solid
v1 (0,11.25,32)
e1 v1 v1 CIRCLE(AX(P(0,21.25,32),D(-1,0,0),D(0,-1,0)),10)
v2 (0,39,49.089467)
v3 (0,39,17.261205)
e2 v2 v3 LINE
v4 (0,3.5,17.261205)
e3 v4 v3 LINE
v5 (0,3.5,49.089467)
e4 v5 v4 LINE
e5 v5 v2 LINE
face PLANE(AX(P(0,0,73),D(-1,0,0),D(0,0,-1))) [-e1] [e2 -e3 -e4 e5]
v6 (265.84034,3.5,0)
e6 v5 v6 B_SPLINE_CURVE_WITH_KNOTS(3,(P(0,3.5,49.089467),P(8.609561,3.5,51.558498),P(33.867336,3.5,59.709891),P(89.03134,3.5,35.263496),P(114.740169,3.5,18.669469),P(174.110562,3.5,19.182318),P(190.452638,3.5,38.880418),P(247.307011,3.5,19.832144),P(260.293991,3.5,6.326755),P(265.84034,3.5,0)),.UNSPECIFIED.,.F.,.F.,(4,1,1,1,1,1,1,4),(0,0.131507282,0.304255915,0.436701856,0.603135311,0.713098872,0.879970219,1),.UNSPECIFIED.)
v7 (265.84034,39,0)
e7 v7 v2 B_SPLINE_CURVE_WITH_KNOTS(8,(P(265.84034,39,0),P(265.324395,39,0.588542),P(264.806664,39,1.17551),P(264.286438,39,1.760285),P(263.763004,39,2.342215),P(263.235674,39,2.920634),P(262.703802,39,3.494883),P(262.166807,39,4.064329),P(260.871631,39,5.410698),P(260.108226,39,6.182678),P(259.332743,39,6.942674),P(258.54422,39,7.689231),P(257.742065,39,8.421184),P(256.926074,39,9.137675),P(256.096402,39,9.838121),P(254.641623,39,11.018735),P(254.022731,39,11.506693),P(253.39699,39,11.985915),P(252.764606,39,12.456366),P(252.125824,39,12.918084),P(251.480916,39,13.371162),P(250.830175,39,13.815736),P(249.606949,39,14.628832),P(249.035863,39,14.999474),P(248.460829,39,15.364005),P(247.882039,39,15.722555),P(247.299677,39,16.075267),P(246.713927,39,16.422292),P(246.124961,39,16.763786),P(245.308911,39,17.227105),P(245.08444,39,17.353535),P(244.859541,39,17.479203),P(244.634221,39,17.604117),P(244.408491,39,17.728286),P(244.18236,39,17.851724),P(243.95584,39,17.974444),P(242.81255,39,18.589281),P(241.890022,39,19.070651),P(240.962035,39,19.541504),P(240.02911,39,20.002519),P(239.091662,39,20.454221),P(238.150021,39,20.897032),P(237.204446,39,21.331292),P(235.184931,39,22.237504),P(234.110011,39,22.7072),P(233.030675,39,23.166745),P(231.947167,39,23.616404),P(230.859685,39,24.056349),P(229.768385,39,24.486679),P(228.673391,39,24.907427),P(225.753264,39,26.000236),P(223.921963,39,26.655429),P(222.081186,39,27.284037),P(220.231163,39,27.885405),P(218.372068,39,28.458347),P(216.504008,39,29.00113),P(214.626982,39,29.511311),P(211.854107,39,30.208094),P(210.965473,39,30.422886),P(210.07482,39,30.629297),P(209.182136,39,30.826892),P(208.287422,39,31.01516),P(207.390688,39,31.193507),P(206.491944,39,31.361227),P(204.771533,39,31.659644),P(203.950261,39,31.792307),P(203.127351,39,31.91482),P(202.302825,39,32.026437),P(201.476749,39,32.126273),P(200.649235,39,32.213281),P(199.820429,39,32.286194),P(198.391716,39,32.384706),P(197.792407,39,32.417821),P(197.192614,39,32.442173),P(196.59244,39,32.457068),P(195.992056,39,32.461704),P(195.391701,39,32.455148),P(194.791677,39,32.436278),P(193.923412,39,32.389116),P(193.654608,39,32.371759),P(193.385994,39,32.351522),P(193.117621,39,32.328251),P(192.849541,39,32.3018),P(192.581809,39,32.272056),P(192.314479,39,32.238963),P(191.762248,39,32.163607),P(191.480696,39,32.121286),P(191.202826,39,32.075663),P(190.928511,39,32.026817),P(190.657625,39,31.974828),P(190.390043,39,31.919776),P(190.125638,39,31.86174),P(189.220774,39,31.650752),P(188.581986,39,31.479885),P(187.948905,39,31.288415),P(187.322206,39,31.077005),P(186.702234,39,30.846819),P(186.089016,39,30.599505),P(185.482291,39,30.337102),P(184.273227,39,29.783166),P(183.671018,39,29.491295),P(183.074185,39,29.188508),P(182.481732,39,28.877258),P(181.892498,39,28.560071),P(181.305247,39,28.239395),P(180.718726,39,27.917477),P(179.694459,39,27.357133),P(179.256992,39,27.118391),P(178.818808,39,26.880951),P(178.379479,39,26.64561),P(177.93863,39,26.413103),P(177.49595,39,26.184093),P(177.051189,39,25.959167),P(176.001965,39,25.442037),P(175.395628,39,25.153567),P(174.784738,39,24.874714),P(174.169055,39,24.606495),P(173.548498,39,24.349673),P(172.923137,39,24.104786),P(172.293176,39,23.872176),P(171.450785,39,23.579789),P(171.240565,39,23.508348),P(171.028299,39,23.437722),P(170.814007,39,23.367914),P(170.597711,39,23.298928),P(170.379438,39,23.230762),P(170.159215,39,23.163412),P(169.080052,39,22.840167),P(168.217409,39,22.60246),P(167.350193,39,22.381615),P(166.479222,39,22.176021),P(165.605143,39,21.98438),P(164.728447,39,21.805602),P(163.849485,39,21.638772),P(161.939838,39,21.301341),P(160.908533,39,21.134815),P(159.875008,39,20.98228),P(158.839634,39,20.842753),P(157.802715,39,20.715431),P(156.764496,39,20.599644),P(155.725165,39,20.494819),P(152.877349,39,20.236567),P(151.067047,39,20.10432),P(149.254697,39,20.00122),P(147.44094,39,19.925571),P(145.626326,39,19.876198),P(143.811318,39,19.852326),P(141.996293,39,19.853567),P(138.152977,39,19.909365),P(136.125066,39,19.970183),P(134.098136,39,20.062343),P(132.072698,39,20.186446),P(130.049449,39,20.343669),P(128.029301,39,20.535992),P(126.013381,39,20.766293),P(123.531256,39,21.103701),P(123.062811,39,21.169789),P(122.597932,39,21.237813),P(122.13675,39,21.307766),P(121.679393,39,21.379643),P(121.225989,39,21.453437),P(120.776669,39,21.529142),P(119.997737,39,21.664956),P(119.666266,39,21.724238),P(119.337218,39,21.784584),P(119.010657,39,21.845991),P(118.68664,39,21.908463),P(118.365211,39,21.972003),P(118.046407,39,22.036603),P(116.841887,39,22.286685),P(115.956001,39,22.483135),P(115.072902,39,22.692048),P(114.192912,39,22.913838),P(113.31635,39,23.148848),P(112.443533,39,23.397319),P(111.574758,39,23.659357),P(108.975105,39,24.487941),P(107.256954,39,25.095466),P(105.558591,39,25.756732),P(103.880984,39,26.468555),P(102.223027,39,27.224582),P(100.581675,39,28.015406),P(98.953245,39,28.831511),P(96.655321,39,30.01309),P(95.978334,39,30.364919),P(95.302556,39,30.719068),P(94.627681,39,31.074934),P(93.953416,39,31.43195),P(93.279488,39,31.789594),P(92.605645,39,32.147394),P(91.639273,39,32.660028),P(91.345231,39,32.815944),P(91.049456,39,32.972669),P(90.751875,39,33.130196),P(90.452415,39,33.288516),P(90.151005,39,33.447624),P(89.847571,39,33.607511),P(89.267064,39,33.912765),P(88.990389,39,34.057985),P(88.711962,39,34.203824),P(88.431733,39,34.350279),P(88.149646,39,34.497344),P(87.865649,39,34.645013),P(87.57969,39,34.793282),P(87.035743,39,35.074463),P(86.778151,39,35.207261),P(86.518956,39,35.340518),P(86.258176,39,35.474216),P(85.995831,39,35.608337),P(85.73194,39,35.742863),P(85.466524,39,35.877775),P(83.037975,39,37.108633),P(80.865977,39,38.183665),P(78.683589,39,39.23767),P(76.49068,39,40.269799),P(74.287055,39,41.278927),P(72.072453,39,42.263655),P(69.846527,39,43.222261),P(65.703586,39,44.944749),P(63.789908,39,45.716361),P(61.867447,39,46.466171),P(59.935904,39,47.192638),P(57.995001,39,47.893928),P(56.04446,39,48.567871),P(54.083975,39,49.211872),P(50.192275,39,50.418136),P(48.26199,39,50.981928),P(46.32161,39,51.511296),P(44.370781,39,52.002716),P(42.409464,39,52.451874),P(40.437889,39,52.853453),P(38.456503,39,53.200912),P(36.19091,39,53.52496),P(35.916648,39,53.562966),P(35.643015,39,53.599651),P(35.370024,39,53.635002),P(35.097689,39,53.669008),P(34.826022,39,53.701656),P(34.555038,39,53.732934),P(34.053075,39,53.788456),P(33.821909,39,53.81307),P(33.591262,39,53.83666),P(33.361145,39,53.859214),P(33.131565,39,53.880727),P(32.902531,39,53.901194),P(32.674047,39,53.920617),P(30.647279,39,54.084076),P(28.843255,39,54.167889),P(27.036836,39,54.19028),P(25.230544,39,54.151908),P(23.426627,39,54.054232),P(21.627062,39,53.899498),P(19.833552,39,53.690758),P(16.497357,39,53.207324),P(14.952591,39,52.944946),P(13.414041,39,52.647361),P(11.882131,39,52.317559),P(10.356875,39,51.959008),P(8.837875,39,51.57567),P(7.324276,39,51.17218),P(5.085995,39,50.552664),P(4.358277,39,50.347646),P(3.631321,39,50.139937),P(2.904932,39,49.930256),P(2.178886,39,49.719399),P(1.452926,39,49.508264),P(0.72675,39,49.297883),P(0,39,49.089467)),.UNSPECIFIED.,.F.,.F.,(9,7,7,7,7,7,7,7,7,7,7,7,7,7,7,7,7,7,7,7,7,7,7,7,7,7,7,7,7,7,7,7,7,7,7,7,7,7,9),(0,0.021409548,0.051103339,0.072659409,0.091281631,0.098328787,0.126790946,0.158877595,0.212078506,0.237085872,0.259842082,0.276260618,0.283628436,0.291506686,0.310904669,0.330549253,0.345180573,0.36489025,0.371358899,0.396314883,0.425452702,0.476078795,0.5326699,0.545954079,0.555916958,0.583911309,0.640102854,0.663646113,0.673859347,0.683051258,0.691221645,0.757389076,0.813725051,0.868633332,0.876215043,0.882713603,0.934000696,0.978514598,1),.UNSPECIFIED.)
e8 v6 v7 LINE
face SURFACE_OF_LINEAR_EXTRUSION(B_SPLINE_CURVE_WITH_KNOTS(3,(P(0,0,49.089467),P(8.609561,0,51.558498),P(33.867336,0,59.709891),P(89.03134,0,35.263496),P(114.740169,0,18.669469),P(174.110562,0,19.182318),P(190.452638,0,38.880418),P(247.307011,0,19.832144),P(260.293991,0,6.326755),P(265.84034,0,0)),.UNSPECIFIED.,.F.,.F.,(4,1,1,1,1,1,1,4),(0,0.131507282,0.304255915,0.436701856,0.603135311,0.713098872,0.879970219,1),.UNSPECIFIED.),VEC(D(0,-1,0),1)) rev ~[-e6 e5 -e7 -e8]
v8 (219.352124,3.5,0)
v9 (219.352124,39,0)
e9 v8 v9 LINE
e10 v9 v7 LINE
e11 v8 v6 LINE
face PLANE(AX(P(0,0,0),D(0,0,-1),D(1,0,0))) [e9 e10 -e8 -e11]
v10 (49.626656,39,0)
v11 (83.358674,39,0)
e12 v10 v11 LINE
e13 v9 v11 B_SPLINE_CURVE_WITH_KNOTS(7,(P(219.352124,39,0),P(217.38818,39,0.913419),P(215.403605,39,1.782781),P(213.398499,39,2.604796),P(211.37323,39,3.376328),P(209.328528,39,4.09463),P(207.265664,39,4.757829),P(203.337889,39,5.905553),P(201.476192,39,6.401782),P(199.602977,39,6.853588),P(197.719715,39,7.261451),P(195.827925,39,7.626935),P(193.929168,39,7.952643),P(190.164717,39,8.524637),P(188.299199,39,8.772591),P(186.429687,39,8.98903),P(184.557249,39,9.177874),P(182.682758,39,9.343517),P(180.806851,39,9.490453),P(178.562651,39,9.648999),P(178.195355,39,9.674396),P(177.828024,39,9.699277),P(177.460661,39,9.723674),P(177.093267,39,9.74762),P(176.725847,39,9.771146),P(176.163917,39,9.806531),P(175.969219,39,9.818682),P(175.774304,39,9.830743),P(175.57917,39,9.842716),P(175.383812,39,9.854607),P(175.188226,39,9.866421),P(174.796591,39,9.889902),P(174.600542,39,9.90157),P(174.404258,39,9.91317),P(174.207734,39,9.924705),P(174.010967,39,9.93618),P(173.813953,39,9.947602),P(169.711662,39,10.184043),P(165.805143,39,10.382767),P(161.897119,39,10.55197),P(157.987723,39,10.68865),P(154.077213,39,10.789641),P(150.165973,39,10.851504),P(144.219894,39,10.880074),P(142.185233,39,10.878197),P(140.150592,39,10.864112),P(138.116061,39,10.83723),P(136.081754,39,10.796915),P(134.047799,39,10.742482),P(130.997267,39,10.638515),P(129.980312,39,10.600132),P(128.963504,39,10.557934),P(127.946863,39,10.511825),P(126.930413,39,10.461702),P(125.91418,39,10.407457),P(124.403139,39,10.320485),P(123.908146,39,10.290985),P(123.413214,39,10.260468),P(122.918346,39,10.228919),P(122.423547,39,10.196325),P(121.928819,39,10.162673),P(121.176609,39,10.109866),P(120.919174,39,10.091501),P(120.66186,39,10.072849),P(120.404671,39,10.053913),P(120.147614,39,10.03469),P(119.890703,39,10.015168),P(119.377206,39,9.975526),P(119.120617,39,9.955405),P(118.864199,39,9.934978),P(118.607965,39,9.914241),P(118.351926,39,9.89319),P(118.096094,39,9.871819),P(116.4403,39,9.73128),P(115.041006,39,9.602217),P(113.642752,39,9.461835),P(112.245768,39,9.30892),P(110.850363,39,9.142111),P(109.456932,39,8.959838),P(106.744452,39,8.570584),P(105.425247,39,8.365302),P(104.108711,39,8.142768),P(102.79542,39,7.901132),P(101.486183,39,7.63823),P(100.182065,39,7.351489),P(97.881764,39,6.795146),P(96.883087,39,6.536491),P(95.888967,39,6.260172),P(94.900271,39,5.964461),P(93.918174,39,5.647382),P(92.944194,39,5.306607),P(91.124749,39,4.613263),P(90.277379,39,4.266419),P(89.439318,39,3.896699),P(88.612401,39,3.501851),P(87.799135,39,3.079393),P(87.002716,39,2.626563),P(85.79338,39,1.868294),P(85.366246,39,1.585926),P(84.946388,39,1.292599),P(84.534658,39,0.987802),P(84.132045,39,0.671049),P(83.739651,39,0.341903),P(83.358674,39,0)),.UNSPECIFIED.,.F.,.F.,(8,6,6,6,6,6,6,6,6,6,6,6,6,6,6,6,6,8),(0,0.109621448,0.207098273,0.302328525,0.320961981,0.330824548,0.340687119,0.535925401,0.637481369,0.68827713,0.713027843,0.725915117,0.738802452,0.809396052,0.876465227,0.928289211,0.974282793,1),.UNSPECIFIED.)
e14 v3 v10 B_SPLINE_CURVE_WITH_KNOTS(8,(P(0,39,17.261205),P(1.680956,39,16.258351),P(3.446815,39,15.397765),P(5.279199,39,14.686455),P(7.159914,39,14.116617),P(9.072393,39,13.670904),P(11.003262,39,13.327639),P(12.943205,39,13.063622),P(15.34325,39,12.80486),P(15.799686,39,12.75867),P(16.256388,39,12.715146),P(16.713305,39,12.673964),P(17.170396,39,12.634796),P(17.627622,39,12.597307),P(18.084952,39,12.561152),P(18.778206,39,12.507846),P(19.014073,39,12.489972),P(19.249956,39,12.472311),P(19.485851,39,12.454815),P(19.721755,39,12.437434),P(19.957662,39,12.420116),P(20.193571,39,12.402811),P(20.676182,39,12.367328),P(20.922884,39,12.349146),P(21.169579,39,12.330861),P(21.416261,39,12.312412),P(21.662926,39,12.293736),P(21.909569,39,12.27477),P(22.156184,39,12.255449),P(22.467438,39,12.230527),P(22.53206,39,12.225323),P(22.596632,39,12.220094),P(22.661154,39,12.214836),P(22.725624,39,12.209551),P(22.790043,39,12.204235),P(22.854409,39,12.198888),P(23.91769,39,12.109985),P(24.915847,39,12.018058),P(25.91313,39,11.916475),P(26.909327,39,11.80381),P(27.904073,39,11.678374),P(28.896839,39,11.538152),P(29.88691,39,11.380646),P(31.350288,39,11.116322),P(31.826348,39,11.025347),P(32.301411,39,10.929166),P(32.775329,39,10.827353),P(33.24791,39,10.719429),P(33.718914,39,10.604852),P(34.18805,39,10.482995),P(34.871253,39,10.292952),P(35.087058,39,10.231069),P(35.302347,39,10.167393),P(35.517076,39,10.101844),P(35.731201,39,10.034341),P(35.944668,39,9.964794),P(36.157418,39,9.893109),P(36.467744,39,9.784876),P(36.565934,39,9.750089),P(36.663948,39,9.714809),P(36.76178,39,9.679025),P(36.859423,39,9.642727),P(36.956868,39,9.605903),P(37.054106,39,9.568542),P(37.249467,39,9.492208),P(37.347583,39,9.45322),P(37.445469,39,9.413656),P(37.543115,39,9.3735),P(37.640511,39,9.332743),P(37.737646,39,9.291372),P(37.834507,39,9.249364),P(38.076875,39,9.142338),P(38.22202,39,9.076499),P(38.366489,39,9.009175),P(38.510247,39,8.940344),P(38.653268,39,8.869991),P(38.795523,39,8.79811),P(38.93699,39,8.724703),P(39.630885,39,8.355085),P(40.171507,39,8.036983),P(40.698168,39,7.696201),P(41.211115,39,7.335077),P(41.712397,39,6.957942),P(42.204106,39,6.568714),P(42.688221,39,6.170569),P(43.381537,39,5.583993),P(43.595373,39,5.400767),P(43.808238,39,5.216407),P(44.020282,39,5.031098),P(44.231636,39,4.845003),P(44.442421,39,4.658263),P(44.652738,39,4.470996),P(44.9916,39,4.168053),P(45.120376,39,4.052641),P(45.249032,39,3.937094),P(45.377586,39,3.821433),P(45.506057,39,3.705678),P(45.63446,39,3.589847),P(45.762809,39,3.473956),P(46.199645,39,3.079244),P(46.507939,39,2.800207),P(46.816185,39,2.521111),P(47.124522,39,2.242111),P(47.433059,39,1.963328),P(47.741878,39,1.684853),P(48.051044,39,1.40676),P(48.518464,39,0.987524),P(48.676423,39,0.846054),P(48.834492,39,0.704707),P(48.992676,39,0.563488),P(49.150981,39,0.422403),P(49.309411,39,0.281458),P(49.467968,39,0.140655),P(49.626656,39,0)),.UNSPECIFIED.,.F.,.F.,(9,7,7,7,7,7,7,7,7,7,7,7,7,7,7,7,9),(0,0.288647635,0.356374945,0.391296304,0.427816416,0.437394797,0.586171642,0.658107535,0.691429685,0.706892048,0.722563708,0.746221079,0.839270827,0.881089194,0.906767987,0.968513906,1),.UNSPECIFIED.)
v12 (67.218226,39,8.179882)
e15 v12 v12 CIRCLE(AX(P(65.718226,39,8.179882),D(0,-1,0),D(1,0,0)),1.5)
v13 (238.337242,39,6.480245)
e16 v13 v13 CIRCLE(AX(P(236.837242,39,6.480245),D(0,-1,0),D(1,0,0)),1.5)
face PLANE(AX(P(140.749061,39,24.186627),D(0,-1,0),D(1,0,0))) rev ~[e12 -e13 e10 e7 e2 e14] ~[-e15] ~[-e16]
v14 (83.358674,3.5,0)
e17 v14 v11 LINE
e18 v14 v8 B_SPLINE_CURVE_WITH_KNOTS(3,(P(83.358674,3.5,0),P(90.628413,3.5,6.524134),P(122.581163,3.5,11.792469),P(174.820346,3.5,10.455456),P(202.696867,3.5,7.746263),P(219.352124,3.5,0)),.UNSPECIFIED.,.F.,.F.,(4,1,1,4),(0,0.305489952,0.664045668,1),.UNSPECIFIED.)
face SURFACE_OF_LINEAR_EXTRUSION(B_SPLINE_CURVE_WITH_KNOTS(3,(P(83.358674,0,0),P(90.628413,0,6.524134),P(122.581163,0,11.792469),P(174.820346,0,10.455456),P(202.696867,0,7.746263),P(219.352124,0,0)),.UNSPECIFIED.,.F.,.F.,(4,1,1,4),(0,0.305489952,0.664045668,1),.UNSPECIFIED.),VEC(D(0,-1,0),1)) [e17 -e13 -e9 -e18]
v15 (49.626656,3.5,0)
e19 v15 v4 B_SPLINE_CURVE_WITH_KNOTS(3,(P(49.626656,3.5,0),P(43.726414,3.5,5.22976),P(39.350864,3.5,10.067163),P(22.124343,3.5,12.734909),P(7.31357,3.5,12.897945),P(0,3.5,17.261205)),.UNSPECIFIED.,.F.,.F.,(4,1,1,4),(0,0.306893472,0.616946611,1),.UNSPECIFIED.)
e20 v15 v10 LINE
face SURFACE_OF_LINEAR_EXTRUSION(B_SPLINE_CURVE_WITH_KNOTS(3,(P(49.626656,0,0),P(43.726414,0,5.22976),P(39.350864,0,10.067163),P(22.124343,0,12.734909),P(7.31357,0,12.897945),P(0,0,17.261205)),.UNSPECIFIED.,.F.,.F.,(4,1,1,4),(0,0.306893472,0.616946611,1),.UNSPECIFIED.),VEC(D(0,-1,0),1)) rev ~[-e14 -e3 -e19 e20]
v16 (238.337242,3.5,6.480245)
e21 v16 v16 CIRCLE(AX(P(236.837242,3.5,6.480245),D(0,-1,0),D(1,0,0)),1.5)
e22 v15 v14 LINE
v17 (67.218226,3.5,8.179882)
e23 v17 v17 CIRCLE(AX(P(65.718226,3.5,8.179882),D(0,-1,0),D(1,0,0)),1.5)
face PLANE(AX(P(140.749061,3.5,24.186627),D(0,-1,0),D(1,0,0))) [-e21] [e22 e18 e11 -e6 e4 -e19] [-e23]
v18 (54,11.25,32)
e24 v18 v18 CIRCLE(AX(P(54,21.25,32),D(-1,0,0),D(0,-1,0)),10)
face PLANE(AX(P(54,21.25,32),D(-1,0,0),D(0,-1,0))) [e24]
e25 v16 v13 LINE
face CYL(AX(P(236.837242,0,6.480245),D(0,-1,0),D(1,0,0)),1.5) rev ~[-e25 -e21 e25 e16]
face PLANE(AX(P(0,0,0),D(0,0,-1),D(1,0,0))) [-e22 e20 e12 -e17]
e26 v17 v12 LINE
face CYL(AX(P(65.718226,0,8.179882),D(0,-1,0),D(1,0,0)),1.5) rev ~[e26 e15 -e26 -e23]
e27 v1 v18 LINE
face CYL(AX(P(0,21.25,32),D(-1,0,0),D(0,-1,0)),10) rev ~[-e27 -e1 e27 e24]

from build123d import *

# Parameters (mm, degrees)
F1_DEPTH = 42.5
F2_R     = 10
F3_DEPTH = 54
F5_DEPTH = 71
F6_DEPTH = 3.5
F7_R     = 1.5
F8_DEPTH = 40
F9_DEPTH = 3.5


with BuildPart() as f1:
    # F0 (on Front) → F1 (new body)
    with BuildSketch(Plane.XZ):
        Polygon((0, 73), (0, 0), (304.8, 0), (304.8, 19), align=None)
    extrude(amount=-F1_DEPTH)

    # F2 (on face) → F3 (cut)
    with BuildSketch(Plane(origin=(0, 0, 0), x_dir=(0, -1, 0), z_dir=(-1, 0, 0))):
        with Locations((-21.25, 32)):
            Circle(F2_R)
    extrude(amount=-F3_DEPTH, mode=Mode.SUBTRACT)

    # F4 (on face) → F5 (cut)
    with BuildSketch(Plane.XZ):
        with BuildLine():
            Line((83.3586742023, 0), (219.3521244357, 0))
            add(Edge.make_bspline(
                [(83.3586742023, 0), (90.6284130764, 6.524133627), (122.5811634364, 11.7924689208), (174.8203460789, 10.455456109), (202.6968670247, 7.7462632834), (219.3521244357, 0)],
                knots=[0, 0, 0, 0, 0.3054899517, 0.6640456684, 1, 1, 1, 1], degree=3))
        make_face()
        with BuildLine():
            add(Edge.make_bspline(
                [(0, 49.0894668328), (8.6095605658, 51.5584975857), (33.86733613, 59.7098908364), (89.031339825, 35.2634957816), (114.7401688668, 18.6694690602), (174.1105616361, 19.1823181446), (190.4526381051, 38.8804180807), (247.3070109423, 19.8321439497), (260.2939914391, 6.3267552455), (265.8403399672, 0)],
                knots=[0, 0, 0, 0, 0.1315072819, 0.3042559149, 0.4367018564, 0.6031353109, 0.7130988721, 0.879970219, 1, 1, 1, 1], degree=3))
            Line((265.8403399672, 0), (304.8, 0))
            Line((304.8, 0), (304.8, 19))
            Line((304.8, 19), (0, 73))
            Line((0, 73), (0, 49.0894668328))
        make_face()
        with BuildLine():
            add(Edge.make_bspline(
                [(49.6266558766, 0), (43.7264144421, 5.229760427), (39.3508640364, 10.0671625622), (22.1243426126, 12.734908698), (7.3135697633, 12.8979445442), (0, 17.2612052411)],
                knots=[0, 0, 0, 0, 0.3068934716, 0.616946611, 1, 1, 1, 1], degree=3))
            Line((0, 17.2612052411), (0, 0))
            Line((0, 0), (42.9969504476, 0))
            Line((42.9969504476, 0), (49.6266558766, 0))
        make_face()
    extrude(amount=-F5_DEPTH, mode=Mode.SUBTRACT)

    # F6 (cut): a face of the model
    f6_faces = [f1.faces().sort_by_distance(p)[0] for p in [
        (105.3907227031, 42.5, 22.0614385487),
    ]]
    extrude(f6_faces, amount=-F6_DEPTH, mode=Mode.SUBTRACT)

    # F7 (on face) → F8 (cut)
    with BuildSketch(Plane.XZ):
        with Locations((65.7182261348, 8.17988161)):
            Circle(F7_R)
        with Locations((236.8372421349, 6.4802453648)):
            Circle(F7_R)
    extrude(amount=-F8_DEPTH, mode=Mode.SUBTRACT)

    # F9 (cut): a face of the model
    f9_faces = [f1.faces().sort_by_distance(p)[0] for p in [
        (105.2828808341, 0, 22.090891636),
    ]]
    extrude(f9_faces, amount=-F9_DEPTH, mode=Mode.SUBTRACT)


solid = f1.part
